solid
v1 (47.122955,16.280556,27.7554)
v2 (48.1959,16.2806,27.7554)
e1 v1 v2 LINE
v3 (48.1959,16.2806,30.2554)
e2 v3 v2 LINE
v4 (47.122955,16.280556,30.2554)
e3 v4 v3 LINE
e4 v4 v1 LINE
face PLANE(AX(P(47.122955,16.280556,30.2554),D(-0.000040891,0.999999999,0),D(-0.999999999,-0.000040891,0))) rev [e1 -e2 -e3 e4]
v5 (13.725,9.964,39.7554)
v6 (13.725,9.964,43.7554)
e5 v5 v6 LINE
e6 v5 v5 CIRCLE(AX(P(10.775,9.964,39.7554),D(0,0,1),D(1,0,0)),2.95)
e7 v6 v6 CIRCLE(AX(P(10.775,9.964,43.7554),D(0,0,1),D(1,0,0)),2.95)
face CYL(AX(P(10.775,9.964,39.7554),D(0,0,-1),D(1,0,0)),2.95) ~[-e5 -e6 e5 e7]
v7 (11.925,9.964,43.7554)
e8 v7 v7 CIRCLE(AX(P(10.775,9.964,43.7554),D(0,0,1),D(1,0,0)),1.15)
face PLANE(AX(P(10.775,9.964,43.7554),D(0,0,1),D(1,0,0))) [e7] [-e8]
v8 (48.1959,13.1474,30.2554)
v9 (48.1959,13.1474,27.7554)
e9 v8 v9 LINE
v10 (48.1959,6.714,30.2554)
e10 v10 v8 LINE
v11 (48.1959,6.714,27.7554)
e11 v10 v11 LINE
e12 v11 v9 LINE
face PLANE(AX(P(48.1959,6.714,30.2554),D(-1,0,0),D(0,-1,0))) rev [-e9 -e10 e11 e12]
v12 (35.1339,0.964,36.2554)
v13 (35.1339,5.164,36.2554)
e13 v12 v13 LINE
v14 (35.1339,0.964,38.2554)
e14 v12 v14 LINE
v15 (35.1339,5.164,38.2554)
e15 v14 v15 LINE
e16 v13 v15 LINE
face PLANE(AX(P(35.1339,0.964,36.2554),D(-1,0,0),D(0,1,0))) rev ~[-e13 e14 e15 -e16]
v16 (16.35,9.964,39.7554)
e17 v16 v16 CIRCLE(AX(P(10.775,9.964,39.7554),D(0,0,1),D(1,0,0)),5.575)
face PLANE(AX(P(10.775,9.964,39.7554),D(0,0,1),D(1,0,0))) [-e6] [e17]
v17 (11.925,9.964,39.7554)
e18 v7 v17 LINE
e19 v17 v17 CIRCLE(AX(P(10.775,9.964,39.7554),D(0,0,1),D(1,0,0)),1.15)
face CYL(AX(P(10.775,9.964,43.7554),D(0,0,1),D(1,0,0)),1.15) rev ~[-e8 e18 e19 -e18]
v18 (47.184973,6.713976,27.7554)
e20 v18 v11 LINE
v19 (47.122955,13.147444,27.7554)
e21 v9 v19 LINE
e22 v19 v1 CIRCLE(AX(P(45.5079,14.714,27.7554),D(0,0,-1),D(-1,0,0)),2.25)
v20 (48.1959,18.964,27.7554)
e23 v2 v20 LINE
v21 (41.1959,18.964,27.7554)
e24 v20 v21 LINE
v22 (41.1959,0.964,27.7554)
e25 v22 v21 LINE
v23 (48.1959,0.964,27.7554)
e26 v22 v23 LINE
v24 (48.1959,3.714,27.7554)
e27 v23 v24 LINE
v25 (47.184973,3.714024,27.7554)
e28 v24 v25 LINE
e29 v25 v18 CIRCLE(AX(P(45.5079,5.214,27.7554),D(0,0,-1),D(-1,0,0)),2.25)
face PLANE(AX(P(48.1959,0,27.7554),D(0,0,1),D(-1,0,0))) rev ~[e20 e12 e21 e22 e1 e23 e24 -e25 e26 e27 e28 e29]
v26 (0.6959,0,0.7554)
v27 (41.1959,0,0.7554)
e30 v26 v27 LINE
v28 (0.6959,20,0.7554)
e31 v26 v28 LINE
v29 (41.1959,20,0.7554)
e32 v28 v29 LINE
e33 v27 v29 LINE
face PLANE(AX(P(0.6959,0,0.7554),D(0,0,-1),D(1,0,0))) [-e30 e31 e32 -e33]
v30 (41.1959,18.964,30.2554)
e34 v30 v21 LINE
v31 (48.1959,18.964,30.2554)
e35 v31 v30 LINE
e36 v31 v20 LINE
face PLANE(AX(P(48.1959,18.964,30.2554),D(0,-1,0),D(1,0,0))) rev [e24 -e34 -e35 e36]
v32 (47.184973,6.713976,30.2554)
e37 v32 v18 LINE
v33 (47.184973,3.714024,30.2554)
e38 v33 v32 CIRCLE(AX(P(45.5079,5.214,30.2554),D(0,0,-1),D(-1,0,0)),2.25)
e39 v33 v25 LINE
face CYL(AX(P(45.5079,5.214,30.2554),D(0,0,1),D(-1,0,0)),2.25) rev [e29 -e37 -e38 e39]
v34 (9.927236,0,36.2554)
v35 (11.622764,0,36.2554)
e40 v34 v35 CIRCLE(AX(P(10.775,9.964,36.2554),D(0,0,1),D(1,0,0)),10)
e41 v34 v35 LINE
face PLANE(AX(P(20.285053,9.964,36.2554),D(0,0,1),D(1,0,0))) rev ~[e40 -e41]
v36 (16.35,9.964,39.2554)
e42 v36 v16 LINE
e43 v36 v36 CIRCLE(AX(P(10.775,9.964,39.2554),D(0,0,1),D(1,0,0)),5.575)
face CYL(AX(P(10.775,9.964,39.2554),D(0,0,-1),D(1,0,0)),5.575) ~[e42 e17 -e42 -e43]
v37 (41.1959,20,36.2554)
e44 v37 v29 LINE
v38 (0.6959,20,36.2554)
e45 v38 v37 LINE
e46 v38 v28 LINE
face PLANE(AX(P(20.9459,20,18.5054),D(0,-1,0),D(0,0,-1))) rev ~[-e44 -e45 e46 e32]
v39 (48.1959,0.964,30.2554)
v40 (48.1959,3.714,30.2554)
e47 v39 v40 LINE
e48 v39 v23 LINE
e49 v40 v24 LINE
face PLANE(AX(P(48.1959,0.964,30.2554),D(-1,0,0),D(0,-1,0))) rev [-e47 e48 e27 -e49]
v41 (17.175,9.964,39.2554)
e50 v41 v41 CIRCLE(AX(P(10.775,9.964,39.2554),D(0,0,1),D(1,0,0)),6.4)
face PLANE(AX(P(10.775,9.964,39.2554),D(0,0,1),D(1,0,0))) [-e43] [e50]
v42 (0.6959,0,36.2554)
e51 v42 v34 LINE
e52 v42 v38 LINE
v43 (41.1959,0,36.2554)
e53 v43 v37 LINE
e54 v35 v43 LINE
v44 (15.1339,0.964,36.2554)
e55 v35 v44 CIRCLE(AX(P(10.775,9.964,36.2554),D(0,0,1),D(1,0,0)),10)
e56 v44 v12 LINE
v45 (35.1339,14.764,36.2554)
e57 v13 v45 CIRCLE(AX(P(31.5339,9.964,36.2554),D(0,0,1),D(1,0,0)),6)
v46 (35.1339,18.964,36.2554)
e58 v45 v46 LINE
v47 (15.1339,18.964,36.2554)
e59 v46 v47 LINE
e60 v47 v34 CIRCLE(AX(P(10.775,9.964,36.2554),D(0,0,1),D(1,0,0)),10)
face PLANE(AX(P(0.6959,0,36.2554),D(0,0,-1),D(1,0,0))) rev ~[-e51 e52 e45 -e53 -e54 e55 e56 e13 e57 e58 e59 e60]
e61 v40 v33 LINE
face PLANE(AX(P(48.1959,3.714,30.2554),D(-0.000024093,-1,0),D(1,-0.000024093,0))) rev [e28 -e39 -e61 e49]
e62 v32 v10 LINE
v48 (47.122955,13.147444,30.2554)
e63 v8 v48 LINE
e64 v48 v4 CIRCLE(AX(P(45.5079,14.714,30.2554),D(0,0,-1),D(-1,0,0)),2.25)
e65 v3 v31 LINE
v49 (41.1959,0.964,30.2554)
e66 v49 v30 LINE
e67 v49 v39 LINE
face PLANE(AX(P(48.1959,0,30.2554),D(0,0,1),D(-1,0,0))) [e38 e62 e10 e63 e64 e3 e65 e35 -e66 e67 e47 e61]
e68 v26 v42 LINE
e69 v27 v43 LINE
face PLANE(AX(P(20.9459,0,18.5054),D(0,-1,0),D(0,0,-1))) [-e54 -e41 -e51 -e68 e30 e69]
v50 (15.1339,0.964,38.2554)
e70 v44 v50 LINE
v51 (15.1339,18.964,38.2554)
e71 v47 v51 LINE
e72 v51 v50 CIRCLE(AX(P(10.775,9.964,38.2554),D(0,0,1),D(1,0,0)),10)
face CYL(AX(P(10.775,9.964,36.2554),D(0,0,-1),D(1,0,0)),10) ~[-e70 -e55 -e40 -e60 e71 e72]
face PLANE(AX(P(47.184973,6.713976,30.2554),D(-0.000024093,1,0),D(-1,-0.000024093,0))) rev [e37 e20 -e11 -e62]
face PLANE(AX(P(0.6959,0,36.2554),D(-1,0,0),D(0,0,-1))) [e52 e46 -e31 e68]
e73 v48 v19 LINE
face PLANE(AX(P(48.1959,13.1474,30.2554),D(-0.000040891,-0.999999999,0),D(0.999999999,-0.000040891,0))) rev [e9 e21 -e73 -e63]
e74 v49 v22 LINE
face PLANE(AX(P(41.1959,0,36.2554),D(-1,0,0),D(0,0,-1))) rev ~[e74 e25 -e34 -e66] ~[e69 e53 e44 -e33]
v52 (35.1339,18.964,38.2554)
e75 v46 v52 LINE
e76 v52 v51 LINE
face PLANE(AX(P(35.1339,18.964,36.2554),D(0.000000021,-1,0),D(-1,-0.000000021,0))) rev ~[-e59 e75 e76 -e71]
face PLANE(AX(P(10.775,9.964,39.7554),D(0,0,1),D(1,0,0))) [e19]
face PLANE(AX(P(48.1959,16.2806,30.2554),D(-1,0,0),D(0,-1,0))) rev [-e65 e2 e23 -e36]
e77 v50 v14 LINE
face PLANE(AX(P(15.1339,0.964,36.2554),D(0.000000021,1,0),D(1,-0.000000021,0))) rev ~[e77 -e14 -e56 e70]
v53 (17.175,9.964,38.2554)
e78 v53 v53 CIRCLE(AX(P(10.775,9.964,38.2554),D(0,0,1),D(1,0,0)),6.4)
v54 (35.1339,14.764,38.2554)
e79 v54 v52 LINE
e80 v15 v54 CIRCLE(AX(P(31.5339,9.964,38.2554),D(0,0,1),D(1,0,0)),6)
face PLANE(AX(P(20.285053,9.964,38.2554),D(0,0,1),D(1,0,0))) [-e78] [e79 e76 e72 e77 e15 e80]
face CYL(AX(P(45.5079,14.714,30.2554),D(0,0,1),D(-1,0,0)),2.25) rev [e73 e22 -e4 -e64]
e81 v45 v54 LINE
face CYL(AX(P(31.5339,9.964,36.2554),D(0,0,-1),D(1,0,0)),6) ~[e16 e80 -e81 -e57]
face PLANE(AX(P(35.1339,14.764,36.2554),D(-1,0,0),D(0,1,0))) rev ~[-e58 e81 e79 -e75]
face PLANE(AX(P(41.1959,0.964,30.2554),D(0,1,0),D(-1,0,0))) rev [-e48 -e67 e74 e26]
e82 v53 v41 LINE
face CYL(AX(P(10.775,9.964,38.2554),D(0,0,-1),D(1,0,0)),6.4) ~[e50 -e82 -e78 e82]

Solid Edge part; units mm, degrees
sketch "Sketch1" plane through (0, 0, 0) normal (0, -1, 0) x (1, 0, 0)
  line L0 (0.6959, 36.2554) -> (0.6959, 0.7554)
  line L1 (0.6959, 0.7554) -> (41.1959, 0.7554)
  line L2 (41.1959, 36.2554) -> (41.1959, 0.7554)
  line L3 (0.6959, 36.2554) -> (41.1959, 36.2554)
  line L4 (-6.3041, 30.2554) -> (0.6959, 30.2554)
  line L5 (0.6959, 30.2554) -> (0.6959, 27.7554)
  line L6 (-6.3041, 27.7554) -> (0.6959, 27.7554)
  line L7 (-6.3041, 27.7554) -> (-6.3041, 30.2554)
  line L8 (48.1959, 27.7554) -> (41.1959, 27.7554)
  line L9 (41.1959, 30.2554) -> (41.1959, 27.7554)
  line L10 (48.1959, 30.2554) -> (41.1959, 30.2554)
  line L11 (48.1959, 27.7554) -> (48.1959, 30.2554)
extrude "Protrusion1" add sketch "Sketch1" against normal blind 20
sketch "Sketch2" plane through (-2.8041, 10, 30.2554) normal (0, 0, 1) x (1, 0, 0)
  line L0 (-3.5, 8.964) -> (3.5, 8.964)
  line L1 (3.5, 8.964) -> (3.5, 10.8897)
  line L2 (3.5, 10.8897) -> (-4.9405, 10.8897)
  line L3 (-4.9405, 10.8897) -> (-4.7039, -10.9349)
  line L4 (-4.7039, -10.9349) -> (3.5, -10.9349)
  line L5 (3.5, -10.9349) -> (3.5, -9.036)
  line L6 (3.5, -9.036) -> (-3.5, -9.036)
  line L7 (-3.5, -9.036) -> (-3.5, -6.286)
  line L8 (-3.5, -6.286) -> (-2.4891, -6.286)
  arc A0 (-2.4891, -6.286) -> (-2.4891, -3.286) centre (-0.812, -4.786) ccw
  line L9 (-2.4891, -3.286) -> (-3.5, -3.286)
  line L10 (-3.5, -3.286) -> (-3.5, 3.1474)
  line L11 (-3.5, 3.1474) -> (-2.4271, 3.1474)
  arc A1 (-2.4271, 3.1474) -> (-2.4271, 6.2806) centre (-0.812, 4.714) ccw
  line L12 (-2.4271, 6.2806) -> (-3.5, 6.2806)
  line L13 (-3.5, 6.2806) -> (-3.5, 8.964)
extrude "Cutout1" cut sketch "Sketch2" against normal up to vertex (2.5 mm away)
mirror "Mirror1" about plane through (20.9459, 10, 18.5054) normal (-1, 0, 0) of "Cutout1"
sketch "Sketch3" plane through (20.9459, 10, 36.2554) normal (0, 0, 1) x (1, 0, 0)
  arc A0 (-5.812, 8.964) -> (-5.812, -9.036) centre (-10.1709, -0.036) ccw
  line L0 (-5.812, -9.036) -> (14.188, -9.036)
  line L1 (14.188, -9.036) -> (14.188, -4.836)
  arc A1 (14.188, -4.836) -> (14.188, 4.764) centre (10.588, -0.036) ccw
  line L2 (14.188, 4.764) -> (14.188, 8.964)
  line L3 (14.188, 8.964) -> (-5.812, 8.964)
extrude "Protrusion2" add sketch "Sketch3" along normal up to vertex (2 mm away)
sketch "Sketch4" plane through (19.1544, 9.964, 38.2554) normal (0, 0, 1) x (1, 0, 0)
  circle A0 centre (-8.3794, 0) radius 6.4
extrude "Protrusion3" add sketch "Sketch4" along normal up to vertex (1 mm away)
sketch "Sketch5" plane through (10.775, 9.964, 39.2554) normal (0, 0, 1) x (1, 0, 0)
  circle A0 centre (0, 0) radius 5.575
extrude "Protrusion4" add sketch "Sketch5" along normal up to vertex (0.5 mm away)
sketch "Sketch6" plane through (10.775, 9.964, 39.7554) normal (0, 0, 1) x (1, 0, 0)
  circle A0 centre (0, 0) radius 2.95
extrude "Protrusion5" add sketch "Sketch6" along normal up to vertex (4 mm away)
sketch "Sketch7" plane through (10.775, 9.964, 43.7554) normal (0, 0, 1) x (1, 0, 0)
  circle A0 centre (0, 0) radius 1.15
extrude "Cutout3" cut sketch "Sketch7" against normal up to vertex (4 mm away)
sketch "Sketch8" plane through (20.9459, 0, 18.5054) normal (0, -1, 0) x (0, 0, 1)
  line L0 (17.75, 20.25) -> (-17.75, 20.25)
extrude "Enlèvement_matière_6" cut sketch "Sketch8" against normal blind 73.875 material side at (0.6459, 0, 18.5054)
